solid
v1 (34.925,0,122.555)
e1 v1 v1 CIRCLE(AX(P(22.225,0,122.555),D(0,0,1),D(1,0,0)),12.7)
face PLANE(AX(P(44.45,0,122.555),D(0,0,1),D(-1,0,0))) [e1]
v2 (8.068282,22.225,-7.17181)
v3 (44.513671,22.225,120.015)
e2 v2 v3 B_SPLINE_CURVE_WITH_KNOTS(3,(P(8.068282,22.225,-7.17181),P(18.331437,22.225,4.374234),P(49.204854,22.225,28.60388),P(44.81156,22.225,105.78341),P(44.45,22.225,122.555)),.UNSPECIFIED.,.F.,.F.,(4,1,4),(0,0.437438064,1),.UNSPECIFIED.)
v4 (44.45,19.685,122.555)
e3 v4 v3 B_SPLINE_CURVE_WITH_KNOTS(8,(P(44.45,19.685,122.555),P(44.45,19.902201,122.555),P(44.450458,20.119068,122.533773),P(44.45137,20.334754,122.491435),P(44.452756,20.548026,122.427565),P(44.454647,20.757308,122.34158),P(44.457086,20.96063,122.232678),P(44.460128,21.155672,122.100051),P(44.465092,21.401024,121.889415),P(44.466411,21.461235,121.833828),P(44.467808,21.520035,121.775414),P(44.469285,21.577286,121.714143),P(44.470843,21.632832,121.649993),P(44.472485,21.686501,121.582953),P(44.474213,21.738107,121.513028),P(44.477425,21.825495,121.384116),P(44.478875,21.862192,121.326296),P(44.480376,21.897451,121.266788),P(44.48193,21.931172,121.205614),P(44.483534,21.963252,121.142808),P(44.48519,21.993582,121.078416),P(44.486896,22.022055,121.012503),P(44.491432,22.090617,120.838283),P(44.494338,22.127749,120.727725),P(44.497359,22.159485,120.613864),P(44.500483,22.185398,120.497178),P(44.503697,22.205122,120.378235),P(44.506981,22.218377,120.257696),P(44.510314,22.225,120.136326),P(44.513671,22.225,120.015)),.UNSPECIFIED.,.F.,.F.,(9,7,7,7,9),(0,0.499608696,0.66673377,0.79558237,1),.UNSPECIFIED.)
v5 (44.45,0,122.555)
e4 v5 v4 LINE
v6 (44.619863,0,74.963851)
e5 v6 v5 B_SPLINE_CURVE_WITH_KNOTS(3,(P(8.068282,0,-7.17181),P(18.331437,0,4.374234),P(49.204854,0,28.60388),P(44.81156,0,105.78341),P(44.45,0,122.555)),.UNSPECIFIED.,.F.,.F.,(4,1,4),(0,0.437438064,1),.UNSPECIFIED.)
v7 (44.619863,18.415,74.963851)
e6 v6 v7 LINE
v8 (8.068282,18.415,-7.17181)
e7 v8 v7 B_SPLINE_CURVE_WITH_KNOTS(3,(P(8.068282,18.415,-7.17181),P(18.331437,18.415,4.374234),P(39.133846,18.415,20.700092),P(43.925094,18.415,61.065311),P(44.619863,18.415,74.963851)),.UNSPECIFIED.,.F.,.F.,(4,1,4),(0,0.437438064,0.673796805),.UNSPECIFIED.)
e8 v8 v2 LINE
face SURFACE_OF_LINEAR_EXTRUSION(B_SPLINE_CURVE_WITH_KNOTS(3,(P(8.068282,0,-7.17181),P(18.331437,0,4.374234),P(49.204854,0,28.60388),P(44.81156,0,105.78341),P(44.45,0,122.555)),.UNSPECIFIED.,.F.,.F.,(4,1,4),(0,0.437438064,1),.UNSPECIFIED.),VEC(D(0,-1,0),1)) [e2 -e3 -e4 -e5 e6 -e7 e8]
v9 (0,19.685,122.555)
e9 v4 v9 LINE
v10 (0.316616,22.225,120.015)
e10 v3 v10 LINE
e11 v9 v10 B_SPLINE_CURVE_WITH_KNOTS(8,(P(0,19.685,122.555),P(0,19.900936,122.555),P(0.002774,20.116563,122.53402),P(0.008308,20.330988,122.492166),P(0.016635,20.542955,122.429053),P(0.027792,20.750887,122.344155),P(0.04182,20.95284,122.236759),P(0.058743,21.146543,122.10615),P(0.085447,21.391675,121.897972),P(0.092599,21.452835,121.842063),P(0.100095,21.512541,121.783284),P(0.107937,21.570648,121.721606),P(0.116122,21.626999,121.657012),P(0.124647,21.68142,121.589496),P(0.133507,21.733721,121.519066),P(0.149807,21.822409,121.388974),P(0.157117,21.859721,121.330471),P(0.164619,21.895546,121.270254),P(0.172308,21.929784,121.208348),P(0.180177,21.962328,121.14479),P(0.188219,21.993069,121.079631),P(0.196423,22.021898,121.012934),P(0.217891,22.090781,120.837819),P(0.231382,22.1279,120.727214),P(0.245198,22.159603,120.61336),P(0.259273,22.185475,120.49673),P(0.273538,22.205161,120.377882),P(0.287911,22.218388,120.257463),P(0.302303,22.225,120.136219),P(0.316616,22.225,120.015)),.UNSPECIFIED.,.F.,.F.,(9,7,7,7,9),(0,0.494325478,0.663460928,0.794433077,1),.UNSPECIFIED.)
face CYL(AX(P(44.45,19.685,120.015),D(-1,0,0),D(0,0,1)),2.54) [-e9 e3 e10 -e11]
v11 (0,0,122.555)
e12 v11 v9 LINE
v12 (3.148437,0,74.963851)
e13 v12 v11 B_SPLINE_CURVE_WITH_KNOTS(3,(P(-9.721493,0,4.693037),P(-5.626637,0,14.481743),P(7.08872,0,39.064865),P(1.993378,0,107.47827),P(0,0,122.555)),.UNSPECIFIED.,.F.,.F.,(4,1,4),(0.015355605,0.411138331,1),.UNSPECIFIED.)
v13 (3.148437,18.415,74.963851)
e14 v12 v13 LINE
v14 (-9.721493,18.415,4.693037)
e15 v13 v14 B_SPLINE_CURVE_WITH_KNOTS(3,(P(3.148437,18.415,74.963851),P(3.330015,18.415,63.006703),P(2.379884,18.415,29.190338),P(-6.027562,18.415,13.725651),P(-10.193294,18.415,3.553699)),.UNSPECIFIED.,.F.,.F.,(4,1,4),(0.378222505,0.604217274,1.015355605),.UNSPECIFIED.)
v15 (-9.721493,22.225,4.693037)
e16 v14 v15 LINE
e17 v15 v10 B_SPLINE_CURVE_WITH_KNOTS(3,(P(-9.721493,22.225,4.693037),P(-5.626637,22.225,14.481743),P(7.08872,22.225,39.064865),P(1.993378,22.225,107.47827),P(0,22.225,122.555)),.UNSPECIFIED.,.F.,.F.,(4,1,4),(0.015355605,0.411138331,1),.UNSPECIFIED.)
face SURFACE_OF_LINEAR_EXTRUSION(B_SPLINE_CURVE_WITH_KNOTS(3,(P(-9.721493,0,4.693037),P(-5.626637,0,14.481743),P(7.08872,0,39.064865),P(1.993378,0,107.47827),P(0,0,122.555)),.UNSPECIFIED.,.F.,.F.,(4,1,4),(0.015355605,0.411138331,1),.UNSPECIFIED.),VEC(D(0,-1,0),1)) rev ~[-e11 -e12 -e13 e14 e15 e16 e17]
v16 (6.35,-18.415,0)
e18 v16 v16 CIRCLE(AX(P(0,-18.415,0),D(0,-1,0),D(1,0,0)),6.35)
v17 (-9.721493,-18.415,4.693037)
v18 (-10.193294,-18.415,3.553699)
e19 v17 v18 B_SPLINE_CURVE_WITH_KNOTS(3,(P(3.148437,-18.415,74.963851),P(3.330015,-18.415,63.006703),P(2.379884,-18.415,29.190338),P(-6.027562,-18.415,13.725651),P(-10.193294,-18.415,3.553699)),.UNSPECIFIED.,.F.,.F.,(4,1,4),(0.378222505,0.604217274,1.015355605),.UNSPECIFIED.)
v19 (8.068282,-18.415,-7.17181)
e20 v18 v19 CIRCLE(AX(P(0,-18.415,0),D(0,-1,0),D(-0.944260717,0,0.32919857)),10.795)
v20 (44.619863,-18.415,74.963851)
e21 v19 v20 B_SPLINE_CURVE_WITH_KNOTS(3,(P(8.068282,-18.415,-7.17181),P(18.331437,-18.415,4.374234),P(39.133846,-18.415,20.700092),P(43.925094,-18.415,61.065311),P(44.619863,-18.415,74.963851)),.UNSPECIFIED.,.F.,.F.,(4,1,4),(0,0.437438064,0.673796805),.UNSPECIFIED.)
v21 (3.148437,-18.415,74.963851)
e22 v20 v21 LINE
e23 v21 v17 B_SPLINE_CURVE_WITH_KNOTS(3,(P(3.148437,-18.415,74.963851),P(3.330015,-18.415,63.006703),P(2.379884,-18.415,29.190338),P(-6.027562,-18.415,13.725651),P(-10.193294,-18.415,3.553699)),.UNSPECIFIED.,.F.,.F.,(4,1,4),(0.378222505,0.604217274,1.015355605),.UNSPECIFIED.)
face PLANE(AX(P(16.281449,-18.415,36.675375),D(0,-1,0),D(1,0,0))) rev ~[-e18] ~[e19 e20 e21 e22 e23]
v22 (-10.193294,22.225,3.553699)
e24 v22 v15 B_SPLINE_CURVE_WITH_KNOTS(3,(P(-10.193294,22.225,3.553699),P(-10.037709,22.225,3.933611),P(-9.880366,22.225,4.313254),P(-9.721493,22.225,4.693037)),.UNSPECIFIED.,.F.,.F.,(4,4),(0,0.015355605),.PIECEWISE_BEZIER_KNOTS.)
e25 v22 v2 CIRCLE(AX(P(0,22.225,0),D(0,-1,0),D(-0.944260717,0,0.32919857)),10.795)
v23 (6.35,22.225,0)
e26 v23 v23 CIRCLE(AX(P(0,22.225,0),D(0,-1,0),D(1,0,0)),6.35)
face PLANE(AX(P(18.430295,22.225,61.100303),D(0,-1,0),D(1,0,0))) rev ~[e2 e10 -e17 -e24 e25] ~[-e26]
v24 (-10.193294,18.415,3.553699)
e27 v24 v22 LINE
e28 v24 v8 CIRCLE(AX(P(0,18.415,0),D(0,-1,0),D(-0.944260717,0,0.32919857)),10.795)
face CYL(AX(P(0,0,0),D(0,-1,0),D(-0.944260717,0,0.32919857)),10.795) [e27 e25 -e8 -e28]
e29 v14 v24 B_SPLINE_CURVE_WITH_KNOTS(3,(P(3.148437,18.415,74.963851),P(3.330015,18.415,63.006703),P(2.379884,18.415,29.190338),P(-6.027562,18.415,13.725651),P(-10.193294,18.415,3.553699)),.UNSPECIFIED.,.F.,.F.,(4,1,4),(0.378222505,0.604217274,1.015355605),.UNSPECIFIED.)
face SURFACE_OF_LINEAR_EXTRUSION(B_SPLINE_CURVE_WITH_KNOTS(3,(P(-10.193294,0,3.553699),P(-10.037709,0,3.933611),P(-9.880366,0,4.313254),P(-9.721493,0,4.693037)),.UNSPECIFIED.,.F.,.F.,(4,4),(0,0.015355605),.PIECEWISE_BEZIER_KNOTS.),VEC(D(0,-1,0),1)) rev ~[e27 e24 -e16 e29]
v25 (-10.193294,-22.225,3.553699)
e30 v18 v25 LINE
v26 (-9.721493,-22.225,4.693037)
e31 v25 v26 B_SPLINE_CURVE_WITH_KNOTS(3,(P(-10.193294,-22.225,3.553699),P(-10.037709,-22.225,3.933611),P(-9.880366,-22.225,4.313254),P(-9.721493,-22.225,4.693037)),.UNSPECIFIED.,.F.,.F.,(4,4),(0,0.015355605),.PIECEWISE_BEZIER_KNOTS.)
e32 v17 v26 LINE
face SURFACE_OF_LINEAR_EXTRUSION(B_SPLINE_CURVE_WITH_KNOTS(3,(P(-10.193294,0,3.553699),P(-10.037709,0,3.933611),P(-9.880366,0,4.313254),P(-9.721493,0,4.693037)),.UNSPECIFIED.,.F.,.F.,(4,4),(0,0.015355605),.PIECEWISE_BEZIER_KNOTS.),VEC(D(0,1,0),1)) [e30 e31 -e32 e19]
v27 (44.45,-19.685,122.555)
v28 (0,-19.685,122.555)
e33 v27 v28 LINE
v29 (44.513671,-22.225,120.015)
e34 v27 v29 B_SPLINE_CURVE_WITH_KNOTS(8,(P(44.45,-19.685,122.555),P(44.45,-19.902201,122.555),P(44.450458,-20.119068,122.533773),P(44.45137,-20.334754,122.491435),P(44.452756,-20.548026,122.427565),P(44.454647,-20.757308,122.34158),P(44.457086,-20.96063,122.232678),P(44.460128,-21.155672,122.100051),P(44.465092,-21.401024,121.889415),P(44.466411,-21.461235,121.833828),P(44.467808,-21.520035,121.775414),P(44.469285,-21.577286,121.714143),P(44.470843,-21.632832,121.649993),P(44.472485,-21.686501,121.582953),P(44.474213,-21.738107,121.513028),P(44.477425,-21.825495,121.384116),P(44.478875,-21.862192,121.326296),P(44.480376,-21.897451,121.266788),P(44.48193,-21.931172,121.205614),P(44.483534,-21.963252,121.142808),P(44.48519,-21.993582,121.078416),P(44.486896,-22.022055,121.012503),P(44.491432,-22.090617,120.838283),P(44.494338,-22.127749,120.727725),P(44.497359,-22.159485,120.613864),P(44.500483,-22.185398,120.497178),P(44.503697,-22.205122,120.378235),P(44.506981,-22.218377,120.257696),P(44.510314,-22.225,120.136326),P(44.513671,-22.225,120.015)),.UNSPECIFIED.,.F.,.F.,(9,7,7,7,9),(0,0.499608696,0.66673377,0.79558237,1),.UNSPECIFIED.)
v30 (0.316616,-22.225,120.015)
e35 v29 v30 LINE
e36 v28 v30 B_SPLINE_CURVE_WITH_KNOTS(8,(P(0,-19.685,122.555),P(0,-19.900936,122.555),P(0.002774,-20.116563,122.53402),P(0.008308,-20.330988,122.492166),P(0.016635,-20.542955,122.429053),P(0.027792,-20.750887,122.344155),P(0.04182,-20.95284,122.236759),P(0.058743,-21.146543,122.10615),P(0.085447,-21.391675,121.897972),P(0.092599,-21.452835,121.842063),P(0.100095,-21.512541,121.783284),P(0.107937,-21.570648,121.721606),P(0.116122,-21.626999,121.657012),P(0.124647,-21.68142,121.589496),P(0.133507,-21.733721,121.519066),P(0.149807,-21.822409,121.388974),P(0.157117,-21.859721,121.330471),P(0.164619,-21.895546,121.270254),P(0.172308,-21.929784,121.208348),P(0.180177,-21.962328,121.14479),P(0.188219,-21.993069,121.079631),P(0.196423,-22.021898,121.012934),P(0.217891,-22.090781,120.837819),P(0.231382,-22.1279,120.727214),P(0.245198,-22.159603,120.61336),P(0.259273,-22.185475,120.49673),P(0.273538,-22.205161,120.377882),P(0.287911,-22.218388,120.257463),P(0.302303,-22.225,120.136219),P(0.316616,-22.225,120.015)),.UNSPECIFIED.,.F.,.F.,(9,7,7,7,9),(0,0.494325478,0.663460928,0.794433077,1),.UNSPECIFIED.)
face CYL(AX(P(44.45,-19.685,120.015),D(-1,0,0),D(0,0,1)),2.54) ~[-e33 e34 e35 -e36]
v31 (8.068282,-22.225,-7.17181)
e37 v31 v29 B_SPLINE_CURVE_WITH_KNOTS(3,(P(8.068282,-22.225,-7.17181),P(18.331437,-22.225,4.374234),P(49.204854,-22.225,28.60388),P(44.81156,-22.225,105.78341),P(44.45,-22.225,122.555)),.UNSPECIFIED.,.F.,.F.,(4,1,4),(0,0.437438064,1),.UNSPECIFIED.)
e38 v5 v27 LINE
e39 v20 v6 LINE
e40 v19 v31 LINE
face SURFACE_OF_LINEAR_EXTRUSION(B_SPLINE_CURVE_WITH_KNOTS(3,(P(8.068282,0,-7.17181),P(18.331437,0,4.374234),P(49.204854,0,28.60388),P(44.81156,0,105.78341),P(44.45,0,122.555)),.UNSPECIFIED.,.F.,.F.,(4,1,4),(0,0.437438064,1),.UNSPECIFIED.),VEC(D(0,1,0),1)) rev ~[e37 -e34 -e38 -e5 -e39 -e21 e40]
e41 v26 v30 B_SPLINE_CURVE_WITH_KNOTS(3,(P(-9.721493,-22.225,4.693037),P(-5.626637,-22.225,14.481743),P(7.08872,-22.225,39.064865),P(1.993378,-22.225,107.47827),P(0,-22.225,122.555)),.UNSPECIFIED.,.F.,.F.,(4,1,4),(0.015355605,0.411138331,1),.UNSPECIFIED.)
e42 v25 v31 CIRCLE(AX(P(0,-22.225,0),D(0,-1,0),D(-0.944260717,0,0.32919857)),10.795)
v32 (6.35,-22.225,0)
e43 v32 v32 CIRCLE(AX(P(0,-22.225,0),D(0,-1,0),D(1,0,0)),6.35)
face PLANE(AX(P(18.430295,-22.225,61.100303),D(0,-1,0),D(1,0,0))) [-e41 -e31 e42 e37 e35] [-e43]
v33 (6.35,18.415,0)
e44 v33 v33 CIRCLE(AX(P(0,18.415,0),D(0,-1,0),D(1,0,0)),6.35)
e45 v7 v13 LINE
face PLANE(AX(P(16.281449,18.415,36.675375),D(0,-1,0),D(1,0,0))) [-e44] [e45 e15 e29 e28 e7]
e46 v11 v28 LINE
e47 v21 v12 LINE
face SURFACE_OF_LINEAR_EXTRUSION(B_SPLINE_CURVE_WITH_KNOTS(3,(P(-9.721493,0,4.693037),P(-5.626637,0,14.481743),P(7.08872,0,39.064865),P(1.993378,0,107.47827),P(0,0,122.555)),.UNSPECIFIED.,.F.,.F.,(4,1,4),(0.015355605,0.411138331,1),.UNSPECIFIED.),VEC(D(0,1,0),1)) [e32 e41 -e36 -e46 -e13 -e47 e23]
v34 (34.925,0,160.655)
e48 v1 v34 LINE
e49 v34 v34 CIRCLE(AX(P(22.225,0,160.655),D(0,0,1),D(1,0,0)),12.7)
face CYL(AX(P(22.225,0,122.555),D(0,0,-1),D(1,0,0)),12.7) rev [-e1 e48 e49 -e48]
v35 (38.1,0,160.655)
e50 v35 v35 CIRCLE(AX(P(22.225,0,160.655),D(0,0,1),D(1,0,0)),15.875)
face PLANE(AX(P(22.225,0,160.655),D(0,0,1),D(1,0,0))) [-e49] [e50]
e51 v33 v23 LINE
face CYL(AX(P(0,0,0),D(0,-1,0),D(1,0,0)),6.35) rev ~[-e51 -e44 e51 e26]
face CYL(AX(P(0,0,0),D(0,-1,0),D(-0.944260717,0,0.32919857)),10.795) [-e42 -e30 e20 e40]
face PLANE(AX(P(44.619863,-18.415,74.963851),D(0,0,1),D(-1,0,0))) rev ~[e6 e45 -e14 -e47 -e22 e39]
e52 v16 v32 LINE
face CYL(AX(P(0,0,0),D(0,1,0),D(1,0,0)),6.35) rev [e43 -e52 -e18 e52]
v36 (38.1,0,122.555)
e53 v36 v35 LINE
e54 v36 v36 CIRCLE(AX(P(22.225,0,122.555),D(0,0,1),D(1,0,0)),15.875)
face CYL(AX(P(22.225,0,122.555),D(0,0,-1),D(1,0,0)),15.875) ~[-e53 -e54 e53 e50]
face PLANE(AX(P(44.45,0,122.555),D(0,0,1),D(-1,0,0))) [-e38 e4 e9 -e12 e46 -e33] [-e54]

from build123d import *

# Parameters (mm, degrees)
F0_R     = 6.35
F1_DEPTH = 22.225
F3_START = -3.81
F2_R     = 6.35
F3_DEPTH = 36.83
F4_R     = 2.54
F5_R     = 15.875
F5_R_2   = 12.7
F6_DEPTH = 38.1


with BuildPart() as f1:
    # F0 (on Front) → F1 (new body, symmetric)
    with BuildSketch(Plane.XZ):
        with BuildLine():
            ThreePointArc((10.795, 0), (10.0903202689, -3.8363344316), (8.0682817284, -7.1718097403))
            add(Edge.make_bspline(
                [(8.0682817284, -7.1718097403), (18.3314368443, 4.3742337124), (49.2048537067, 28.6038800637), (44.8115600697, 105.7834102392), (44.45, 122.555)],
                knots=[0, 0, 0, 0, 0.437438064, 1, 1, 1, 1], degree=3))
            Line((44.45, 122.555), (0, 122.555))
            add(Edge.make_bspline(
                [(-9.7214930713, 4.693037126), (-5.6266365314, 14.4817428817), (7.0887204267, 39.064865347), (1.9933782166, 107.4782697451), (0, 122.555)],
                knots=[0.0153556046, 0.0153556046, 0.0153556046, 0.0153556046, 0.4111383309, 1, 1, 1, 1], degree=3))
            ThreePointArc((-9.7214930713, 4.693037126), (2.4071255987, 10.5232015733), (10.795, 0))
        make_face()
        with BuildLine():
            add(Edge.make_bspline(
                [(-10.1932944401, 3.5536985603), (-10.0377085134, 3.9336108023), (-9.8803655885, 4.313254267), (-9.7214930713, 4.693037126)],
                knots=[0, 0, 0, 0, 0.0153556046, 0.0153556046, 0.0153556046, 0.0153556046], degree=3))
            ThreePointArc((-10.1932944401, 3.5536985603), (-5.4669966008, -9.3082744463), (8.0682817284, -7.1718097403))
            ThreePointArc((8.0682817284, -7.1718097403), (10.0903202689, -3.8363344316), (10.795, 0))
            ThreePointArc((10.795, 0), (2.4071255987, 10.5232015733), (-9.7214930713, 4.693037126))
        make_face()
        Circle(F0_R, mode=Mode.SUBTRACT)
    extrude(amount=F1_DEPTH, both=True)

    # F2 (on face) → F3 (cut)
    with BuildSketch(Plane.XZ.offset(22.225).offset(F3_START)):
        with BuildLine():
            Line((44.6198632811, 74.9638513255), (3.1484367679, 74.9638513255))
            add(Edge.make_bspline(
                [(3.1484367679, 74.9638513255), (3.3300146443, 63.006702651), (2.3798836526, 29.1903381666), (-6.0275621352, 13.7256513389), (-10.1932944401, 3.5536985603)],
                knots=[0.3782225055, 0.3782225055, 0.3782225055, 0.3782225055, 0.6042172737, 1.0153556046, 1.0153556046, 1.0153556046, 1.0153556046], degree=3))
            ThreePointArc((-10.1932944401, 3.5536985603), (-5.4669966008, -9.3082744463), (8.0682817284, -7.1718097403))
            add(Edge.make_bspline(
                [(8.0682817284, -7.1718097403), (18.3314368443, 4.3742337124), (39.1338464971, 20.7000920192), (43.9250942912, 61.0653106264), (44.6198632811, 74.9638513255)],
                knots=[0, 0, 0, 0, 0.437438064, 0.6737968054, 0.6737968054, 0.6737968054, 0.6737968054], degree=3))
        make_face()
        Circle(F2_R, mode=Mode.SUBTRACT)
    extrude(amount=-F3_DEPTH, mode=Mode.SUBTRACT)

    # F4
    f4_edges = [f1.edges().sort_by_distance(p)[0] for p in [
        (22.225, -22.225, 122.555),
        (22.225, 22.225, 122.555),
    ]]
    fillet(f4_edges, radius=F4_R)

    # F5 (on face) → F6 (join)
    with BuildSketch(Plane.XY.offset(122.555)):
        with Locations((22.225, 0)):
            Circle(F5_R)
        with Locations((22.225, 0)):
            Circle(F5_R_2, mode=Mode.SUBTRACT)
    extrude(amount=F6_DEPTH)


solid = f1.part
